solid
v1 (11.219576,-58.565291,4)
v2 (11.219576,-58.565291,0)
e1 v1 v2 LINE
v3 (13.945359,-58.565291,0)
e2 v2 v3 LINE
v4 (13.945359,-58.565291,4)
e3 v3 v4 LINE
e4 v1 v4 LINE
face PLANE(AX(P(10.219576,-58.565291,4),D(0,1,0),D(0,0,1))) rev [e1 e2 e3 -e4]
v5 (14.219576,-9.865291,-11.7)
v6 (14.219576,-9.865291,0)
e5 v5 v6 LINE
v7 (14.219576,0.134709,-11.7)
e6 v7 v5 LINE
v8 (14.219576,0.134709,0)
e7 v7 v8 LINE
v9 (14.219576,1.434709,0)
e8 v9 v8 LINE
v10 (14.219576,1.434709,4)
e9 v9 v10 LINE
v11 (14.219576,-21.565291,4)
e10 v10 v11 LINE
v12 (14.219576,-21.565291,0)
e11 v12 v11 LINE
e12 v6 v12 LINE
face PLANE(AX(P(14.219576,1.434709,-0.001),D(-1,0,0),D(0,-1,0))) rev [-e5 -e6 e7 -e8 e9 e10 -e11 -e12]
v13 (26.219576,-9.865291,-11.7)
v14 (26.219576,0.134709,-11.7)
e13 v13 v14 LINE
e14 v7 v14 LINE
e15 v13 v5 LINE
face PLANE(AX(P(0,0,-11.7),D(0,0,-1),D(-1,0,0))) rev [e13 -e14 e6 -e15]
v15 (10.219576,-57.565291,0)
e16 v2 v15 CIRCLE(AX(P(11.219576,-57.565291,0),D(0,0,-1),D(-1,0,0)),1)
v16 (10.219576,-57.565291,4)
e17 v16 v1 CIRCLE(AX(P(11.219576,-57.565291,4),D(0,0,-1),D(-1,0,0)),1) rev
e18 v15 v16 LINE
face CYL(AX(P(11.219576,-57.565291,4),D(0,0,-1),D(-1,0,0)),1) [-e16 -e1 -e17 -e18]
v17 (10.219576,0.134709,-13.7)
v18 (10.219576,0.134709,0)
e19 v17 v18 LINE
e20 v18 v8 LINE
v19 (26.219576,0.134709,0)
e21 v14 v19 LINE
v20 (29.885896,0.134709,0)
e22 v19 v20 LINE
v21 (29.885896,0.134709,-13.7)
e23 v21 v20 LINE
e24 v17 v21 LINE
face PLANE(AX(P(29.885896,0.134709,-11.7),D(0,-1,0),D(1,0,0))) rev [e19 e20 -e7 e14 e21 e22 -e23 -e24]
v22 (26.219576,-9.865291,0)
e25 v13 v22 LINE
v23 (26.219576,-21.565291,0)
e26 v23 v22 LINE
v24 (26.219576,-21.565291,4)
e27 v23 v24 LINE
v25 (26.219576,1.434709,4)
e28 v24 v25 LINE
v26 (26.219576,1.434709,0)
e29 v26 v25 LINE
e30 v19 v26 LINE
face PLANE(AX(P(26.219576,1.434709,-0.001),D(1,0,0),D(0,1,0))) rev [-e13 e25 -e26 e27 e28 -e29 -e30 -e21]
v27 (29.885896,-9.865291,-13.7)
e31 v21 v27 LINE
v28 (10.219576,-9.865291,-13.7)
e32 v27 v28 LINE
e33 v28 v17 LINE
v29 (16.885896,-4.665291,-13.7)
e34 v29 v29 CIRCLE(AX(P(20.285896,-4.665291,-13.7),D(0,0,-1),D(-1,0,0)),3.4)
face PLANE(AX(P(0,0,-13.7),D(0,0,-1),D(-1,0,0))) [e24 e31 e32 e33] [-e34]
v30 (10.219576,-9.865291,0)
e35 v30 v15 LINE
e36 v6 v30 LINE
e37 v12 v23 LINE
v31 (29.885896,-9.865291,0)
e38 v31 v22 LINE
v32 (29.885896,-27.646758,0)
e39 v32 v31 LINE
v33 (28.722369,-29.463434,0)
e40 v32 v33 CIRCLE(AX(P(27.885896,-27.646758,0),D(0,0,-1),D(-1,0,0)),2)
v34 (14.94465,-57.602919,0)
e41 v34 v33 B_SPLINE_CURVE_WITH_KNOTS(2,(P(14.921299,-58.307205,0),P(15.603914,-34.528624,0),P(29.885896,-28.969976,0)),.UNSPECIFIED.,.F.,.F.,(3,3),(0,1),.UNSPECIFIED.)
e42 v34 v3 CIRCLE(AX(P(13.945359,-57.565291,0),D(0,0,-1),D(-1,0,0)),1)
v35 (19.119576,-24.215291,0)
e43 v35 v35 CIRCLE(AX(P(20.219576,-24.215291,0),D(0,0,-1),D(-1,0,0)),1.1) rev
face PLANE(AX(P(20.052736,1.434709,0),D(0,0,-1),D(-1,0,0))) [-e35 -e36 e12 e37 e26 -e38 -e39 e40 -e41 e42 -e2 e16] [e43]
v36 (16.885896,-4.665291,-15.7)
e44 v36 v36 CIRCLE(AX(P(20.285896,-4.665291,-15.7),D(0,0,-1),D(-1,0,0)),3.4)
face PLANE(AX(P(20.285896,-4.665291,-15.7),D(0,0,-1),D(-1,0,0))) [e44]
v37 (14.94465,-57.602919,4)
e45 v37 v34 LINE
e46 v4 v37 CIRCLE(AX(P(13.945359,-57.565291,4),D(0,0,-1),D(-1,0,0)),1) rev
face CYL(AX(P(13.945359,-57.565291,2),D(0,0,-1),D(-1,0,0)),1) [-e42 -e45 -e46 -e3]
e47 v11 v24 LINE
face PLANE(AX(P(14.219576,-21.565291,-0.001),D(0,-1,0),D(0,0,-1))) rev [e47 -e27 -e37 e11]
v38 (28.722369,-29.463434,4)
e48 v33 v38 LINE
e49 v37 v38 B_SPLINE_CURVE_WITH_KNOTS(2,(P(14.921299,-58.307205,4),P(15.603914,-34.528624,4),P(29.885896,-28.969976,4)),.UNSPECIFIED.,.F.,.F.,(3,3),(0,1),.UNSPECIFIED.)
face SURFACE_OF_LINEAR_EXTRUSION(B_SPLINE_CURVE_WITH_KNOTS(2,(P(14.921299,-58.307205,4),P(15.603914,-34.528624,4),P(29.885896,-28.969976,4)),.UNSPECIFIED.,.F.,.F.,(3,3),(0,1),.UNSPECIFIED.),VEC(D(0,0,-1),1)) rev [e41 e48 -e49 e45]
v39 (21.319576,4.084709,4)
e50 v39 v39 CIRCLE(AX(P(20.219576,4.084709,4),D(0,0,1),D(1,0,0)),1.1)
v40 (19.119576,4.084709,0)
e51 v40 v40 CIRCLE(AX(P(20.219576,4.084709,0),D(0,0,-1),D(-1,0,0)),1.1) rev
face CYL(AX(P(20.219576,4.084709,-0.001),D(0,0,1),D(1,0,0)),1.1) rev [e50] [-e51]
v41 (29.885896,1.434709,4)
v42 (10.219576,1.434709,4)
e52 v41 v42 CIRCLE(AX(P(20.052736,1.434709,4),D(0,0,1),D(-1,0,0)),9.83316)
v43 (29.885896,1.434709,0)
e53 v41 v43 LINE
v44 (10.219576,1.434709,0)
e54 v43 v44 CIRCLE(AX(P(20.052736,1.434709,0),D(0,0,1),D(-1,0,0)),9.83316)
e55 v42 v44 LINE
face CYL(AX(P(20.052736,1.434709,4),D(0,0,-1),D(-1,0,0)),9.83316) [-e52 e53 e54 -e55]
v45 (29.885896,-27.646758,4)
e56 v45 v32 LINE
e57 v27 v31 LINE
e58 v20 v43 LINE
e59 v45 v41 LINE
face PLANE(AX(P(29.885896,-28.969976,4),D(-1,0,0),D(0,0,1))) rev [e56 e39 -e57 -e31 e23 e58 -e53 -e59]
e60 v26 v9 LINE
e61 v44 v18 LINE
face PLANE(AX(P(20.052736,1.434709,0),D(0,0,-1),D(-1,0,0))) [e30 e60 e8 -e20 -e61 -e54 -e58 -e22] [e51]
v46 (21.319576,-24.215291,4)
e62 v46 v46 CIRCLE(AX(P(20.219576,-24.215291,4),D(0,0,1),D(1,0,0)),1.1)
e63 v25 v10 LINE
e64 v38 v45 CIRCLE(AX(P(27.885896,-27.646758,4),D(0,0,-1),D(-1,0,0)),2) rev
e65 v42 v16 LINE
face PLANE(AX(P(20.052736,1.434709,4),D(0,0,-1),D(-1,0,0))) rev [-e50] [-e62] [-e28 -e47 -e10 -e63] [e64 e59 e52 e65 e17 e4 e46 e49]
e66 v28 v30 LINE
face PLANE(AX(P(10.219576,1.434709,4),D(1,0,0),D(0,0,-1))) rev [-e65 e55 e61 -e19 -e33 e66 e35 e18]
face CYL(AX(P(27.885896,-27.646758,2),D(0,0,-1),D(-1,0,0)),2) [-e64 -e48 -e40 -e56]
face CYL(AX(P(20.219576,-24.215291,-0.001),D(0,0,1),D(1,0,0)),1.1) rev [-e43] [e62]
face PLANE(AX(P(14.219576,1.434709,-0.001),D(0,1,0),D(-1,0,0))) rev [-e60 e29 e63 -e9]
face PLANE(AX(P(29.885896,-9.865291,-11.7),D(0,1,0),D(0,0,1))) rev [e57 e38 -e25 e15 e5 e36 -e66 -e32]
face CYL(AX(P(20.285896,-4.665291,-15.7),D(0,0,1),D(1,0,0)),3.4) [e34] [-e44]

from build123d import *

# Parameters (mm, degrees)
BOSS_EXTRUDE1_DEPTH = 4
CUT_EXTRUDE1_REACH  = 67.872
SKETCH2_R           = 1.1
SKETCH2_W           = 12
SKETCH2_H           = 23
FILLET1_R           = 2
FILLET2_R           = 1
FILLET3_R           = 1
SKETCH3_W           = 3.666320095
SKETCH3_H           = 10
SKETCH3_W_2         = 4
BOSS_EXTRUDE2_DEPTH = 11.7
SKETCH4_W           = 19.666320095
SKETCH4_H           = 10
BOSS_EXTRUDE3_DEPTH = 2
SKETCH5_R           = 3.4
BOSS_EXTRUDE4_DEPTH = 2


with BuildPart() as part:
    # Sketch1 → Boss-Extrude1 (new body)
    with BuildSketch(Plane.XY):
        with BuildLine():
            Line((10.219576084, 1.434709353), (10.219576084, -58.565290647))
            Line((10.219576084, -58.565290647), (14.921299434, -58.565290647))
            Line((14.921299434, -58.565290647), (14.921299434, -58.307205095))
            add(Edge.make_bspline(
                [(29.885896179, -28.969975988), (15.603913992, -34.528623974), (14.921299434, -58.307205095)],
                knots=[0, 0, 0, 1, 1, 1], degree=2))
            Line((29.885896179, -28.969975988), (29.885896179, 1.434709353))
            ThreePointArc((29.885896179, 1.434709353), (20.052736131, 11.2678694), (10.219576084, 1.434709353))
        make_face()
    extrude(amount=BOSS_EXTRUDE1_DEPTH)

    # Sketch2 → Cut-Extrude1 (cut, up to next)
    with BuildSketch(Plane.XY.offset(4), mode=Mode.PRIVATE) as cut_extrude1_sk1:
        with Locations((20.219576084, 4.084709353)):
            Circle(SKETCH2_R)
    cut_extrude1_tool1 = extrude(cut_extrude1_sk1.sketch, amount=-CUT_EXTRUDE1_REACH, mode=Mode.PRIVATE) & part.part
    # Sketch2 → Cut-Extrude1 (cut, up to next)
    with BuildSketch(Plane.XY.offset(4), mode=Mode.PRIVATE) as cut_extrude1_sk2:
        with Locations((20.219576084, -24.215290647)):
            Circle(SKETCH2_R)
    cut_extrude1_tool2 = extrude(cut_extrude1_sk2.sketch, amount=-CUT_EXTRUDE1_REACH, mode=Mode.PRIVATE) & part.part
    # Sketch2 → Cut-Extrude1 (cut, up to next)
    with BuildSketch(Plane.XY.offset(4), mode=Mode.PRIVATE) as cut_extrude1_sk3:
        with Locations((20.219576084, -10.065290647)):
            Rectangle(SKETCH2_W, SKETCH2_H)
    cut_extrude1_tool3 = extrude(cut_extrude1_sk3.sketch, amount=-CUT_EXTRUDE1_REACH, mode=Mode.PRIVATE) & part.part
    add(cut_extrude1_tool1.solids().sort_by_distance((20.219576, 4.084709, 4))[0], mode=Mode.SUBTRACT)
    add(cut_extrude1_tool2.solids().sort_by_distance((20.219576, -24.215291, 4))[0], mode=Mode.SUBTRACT)
    add(cut_extrude1_tool3.solids().sort_by_distance((20.219576, -10.065291, 4))[0], mode=Mode.SUBTRACT)

    # Fillet1
    fillet1_edges = [part.edges().sort_by_distance(p)[0] for p in [
        (29.885896179, -28.969975988, 2),
    ]]
    fillet(fillet1_edges, radius=FILLET1_R)

    # Fillet2
    fillet2_edges = [part.edges().sort_by_distance(p)[0] for p in [
        (14.921299434, -58.565290647, 2),
    ]]
    fillet(fillet2_edges, radius=FILLET2_R)

    # Fillet3
    fillet3_edges = [part.edges().sort_by_distance(p)[0] for p in [
        (10.219576084, -58.565290647, 2),
    ]]
    fillet(fillet3_edges, radius=FILLET3_R)

    # Sketch3 → Boss-Extrude2 (add)
    with BuildSketch(Plane(origin=(0, 0, 0), x_dir=(-1, 0, 0), z_dir=(0, 0, -1))):
        with Locations((-28.052736132, -4.865290647)):
            Rectangle(SKETCH3_W, SKETCH3_H)
        with Locations((-12.219576084, -4.865290647)):
            Rectangle(SKETCH3_W_2, SKETCH3_H)
    extrude(amount=BOSS_EXTRUDE2_DEPTH)

    # Sketch4 → Boss-Extrude3 (add)
    with BuildSketch(Plane(origin=(0, 0, -11.7), x_dir=(-1, 0, 0), z_dir=(0, 0, -1))):
        with Locations((-20.052736132, -4.865290647)):
            Rectangle(SKETCH4_W, SKETCH4_H)
    extrude(amount=BOSS_EXTRUDE3_DEPTH)

    # Sketch5 → Boss-Extrude4 (add)
    with BuildSketch(Plane(origin=(0, 0, -13.7), x_dir=(-1, 0, 0), z_dir=(0, 0, -1))):
        with Locations((-20.285896179, -4.665290647)):
            Circle(SKETCH5_R)
    extrude(amount=BOSS_EXTRUDE4_DEPTH)


solid = part.part
